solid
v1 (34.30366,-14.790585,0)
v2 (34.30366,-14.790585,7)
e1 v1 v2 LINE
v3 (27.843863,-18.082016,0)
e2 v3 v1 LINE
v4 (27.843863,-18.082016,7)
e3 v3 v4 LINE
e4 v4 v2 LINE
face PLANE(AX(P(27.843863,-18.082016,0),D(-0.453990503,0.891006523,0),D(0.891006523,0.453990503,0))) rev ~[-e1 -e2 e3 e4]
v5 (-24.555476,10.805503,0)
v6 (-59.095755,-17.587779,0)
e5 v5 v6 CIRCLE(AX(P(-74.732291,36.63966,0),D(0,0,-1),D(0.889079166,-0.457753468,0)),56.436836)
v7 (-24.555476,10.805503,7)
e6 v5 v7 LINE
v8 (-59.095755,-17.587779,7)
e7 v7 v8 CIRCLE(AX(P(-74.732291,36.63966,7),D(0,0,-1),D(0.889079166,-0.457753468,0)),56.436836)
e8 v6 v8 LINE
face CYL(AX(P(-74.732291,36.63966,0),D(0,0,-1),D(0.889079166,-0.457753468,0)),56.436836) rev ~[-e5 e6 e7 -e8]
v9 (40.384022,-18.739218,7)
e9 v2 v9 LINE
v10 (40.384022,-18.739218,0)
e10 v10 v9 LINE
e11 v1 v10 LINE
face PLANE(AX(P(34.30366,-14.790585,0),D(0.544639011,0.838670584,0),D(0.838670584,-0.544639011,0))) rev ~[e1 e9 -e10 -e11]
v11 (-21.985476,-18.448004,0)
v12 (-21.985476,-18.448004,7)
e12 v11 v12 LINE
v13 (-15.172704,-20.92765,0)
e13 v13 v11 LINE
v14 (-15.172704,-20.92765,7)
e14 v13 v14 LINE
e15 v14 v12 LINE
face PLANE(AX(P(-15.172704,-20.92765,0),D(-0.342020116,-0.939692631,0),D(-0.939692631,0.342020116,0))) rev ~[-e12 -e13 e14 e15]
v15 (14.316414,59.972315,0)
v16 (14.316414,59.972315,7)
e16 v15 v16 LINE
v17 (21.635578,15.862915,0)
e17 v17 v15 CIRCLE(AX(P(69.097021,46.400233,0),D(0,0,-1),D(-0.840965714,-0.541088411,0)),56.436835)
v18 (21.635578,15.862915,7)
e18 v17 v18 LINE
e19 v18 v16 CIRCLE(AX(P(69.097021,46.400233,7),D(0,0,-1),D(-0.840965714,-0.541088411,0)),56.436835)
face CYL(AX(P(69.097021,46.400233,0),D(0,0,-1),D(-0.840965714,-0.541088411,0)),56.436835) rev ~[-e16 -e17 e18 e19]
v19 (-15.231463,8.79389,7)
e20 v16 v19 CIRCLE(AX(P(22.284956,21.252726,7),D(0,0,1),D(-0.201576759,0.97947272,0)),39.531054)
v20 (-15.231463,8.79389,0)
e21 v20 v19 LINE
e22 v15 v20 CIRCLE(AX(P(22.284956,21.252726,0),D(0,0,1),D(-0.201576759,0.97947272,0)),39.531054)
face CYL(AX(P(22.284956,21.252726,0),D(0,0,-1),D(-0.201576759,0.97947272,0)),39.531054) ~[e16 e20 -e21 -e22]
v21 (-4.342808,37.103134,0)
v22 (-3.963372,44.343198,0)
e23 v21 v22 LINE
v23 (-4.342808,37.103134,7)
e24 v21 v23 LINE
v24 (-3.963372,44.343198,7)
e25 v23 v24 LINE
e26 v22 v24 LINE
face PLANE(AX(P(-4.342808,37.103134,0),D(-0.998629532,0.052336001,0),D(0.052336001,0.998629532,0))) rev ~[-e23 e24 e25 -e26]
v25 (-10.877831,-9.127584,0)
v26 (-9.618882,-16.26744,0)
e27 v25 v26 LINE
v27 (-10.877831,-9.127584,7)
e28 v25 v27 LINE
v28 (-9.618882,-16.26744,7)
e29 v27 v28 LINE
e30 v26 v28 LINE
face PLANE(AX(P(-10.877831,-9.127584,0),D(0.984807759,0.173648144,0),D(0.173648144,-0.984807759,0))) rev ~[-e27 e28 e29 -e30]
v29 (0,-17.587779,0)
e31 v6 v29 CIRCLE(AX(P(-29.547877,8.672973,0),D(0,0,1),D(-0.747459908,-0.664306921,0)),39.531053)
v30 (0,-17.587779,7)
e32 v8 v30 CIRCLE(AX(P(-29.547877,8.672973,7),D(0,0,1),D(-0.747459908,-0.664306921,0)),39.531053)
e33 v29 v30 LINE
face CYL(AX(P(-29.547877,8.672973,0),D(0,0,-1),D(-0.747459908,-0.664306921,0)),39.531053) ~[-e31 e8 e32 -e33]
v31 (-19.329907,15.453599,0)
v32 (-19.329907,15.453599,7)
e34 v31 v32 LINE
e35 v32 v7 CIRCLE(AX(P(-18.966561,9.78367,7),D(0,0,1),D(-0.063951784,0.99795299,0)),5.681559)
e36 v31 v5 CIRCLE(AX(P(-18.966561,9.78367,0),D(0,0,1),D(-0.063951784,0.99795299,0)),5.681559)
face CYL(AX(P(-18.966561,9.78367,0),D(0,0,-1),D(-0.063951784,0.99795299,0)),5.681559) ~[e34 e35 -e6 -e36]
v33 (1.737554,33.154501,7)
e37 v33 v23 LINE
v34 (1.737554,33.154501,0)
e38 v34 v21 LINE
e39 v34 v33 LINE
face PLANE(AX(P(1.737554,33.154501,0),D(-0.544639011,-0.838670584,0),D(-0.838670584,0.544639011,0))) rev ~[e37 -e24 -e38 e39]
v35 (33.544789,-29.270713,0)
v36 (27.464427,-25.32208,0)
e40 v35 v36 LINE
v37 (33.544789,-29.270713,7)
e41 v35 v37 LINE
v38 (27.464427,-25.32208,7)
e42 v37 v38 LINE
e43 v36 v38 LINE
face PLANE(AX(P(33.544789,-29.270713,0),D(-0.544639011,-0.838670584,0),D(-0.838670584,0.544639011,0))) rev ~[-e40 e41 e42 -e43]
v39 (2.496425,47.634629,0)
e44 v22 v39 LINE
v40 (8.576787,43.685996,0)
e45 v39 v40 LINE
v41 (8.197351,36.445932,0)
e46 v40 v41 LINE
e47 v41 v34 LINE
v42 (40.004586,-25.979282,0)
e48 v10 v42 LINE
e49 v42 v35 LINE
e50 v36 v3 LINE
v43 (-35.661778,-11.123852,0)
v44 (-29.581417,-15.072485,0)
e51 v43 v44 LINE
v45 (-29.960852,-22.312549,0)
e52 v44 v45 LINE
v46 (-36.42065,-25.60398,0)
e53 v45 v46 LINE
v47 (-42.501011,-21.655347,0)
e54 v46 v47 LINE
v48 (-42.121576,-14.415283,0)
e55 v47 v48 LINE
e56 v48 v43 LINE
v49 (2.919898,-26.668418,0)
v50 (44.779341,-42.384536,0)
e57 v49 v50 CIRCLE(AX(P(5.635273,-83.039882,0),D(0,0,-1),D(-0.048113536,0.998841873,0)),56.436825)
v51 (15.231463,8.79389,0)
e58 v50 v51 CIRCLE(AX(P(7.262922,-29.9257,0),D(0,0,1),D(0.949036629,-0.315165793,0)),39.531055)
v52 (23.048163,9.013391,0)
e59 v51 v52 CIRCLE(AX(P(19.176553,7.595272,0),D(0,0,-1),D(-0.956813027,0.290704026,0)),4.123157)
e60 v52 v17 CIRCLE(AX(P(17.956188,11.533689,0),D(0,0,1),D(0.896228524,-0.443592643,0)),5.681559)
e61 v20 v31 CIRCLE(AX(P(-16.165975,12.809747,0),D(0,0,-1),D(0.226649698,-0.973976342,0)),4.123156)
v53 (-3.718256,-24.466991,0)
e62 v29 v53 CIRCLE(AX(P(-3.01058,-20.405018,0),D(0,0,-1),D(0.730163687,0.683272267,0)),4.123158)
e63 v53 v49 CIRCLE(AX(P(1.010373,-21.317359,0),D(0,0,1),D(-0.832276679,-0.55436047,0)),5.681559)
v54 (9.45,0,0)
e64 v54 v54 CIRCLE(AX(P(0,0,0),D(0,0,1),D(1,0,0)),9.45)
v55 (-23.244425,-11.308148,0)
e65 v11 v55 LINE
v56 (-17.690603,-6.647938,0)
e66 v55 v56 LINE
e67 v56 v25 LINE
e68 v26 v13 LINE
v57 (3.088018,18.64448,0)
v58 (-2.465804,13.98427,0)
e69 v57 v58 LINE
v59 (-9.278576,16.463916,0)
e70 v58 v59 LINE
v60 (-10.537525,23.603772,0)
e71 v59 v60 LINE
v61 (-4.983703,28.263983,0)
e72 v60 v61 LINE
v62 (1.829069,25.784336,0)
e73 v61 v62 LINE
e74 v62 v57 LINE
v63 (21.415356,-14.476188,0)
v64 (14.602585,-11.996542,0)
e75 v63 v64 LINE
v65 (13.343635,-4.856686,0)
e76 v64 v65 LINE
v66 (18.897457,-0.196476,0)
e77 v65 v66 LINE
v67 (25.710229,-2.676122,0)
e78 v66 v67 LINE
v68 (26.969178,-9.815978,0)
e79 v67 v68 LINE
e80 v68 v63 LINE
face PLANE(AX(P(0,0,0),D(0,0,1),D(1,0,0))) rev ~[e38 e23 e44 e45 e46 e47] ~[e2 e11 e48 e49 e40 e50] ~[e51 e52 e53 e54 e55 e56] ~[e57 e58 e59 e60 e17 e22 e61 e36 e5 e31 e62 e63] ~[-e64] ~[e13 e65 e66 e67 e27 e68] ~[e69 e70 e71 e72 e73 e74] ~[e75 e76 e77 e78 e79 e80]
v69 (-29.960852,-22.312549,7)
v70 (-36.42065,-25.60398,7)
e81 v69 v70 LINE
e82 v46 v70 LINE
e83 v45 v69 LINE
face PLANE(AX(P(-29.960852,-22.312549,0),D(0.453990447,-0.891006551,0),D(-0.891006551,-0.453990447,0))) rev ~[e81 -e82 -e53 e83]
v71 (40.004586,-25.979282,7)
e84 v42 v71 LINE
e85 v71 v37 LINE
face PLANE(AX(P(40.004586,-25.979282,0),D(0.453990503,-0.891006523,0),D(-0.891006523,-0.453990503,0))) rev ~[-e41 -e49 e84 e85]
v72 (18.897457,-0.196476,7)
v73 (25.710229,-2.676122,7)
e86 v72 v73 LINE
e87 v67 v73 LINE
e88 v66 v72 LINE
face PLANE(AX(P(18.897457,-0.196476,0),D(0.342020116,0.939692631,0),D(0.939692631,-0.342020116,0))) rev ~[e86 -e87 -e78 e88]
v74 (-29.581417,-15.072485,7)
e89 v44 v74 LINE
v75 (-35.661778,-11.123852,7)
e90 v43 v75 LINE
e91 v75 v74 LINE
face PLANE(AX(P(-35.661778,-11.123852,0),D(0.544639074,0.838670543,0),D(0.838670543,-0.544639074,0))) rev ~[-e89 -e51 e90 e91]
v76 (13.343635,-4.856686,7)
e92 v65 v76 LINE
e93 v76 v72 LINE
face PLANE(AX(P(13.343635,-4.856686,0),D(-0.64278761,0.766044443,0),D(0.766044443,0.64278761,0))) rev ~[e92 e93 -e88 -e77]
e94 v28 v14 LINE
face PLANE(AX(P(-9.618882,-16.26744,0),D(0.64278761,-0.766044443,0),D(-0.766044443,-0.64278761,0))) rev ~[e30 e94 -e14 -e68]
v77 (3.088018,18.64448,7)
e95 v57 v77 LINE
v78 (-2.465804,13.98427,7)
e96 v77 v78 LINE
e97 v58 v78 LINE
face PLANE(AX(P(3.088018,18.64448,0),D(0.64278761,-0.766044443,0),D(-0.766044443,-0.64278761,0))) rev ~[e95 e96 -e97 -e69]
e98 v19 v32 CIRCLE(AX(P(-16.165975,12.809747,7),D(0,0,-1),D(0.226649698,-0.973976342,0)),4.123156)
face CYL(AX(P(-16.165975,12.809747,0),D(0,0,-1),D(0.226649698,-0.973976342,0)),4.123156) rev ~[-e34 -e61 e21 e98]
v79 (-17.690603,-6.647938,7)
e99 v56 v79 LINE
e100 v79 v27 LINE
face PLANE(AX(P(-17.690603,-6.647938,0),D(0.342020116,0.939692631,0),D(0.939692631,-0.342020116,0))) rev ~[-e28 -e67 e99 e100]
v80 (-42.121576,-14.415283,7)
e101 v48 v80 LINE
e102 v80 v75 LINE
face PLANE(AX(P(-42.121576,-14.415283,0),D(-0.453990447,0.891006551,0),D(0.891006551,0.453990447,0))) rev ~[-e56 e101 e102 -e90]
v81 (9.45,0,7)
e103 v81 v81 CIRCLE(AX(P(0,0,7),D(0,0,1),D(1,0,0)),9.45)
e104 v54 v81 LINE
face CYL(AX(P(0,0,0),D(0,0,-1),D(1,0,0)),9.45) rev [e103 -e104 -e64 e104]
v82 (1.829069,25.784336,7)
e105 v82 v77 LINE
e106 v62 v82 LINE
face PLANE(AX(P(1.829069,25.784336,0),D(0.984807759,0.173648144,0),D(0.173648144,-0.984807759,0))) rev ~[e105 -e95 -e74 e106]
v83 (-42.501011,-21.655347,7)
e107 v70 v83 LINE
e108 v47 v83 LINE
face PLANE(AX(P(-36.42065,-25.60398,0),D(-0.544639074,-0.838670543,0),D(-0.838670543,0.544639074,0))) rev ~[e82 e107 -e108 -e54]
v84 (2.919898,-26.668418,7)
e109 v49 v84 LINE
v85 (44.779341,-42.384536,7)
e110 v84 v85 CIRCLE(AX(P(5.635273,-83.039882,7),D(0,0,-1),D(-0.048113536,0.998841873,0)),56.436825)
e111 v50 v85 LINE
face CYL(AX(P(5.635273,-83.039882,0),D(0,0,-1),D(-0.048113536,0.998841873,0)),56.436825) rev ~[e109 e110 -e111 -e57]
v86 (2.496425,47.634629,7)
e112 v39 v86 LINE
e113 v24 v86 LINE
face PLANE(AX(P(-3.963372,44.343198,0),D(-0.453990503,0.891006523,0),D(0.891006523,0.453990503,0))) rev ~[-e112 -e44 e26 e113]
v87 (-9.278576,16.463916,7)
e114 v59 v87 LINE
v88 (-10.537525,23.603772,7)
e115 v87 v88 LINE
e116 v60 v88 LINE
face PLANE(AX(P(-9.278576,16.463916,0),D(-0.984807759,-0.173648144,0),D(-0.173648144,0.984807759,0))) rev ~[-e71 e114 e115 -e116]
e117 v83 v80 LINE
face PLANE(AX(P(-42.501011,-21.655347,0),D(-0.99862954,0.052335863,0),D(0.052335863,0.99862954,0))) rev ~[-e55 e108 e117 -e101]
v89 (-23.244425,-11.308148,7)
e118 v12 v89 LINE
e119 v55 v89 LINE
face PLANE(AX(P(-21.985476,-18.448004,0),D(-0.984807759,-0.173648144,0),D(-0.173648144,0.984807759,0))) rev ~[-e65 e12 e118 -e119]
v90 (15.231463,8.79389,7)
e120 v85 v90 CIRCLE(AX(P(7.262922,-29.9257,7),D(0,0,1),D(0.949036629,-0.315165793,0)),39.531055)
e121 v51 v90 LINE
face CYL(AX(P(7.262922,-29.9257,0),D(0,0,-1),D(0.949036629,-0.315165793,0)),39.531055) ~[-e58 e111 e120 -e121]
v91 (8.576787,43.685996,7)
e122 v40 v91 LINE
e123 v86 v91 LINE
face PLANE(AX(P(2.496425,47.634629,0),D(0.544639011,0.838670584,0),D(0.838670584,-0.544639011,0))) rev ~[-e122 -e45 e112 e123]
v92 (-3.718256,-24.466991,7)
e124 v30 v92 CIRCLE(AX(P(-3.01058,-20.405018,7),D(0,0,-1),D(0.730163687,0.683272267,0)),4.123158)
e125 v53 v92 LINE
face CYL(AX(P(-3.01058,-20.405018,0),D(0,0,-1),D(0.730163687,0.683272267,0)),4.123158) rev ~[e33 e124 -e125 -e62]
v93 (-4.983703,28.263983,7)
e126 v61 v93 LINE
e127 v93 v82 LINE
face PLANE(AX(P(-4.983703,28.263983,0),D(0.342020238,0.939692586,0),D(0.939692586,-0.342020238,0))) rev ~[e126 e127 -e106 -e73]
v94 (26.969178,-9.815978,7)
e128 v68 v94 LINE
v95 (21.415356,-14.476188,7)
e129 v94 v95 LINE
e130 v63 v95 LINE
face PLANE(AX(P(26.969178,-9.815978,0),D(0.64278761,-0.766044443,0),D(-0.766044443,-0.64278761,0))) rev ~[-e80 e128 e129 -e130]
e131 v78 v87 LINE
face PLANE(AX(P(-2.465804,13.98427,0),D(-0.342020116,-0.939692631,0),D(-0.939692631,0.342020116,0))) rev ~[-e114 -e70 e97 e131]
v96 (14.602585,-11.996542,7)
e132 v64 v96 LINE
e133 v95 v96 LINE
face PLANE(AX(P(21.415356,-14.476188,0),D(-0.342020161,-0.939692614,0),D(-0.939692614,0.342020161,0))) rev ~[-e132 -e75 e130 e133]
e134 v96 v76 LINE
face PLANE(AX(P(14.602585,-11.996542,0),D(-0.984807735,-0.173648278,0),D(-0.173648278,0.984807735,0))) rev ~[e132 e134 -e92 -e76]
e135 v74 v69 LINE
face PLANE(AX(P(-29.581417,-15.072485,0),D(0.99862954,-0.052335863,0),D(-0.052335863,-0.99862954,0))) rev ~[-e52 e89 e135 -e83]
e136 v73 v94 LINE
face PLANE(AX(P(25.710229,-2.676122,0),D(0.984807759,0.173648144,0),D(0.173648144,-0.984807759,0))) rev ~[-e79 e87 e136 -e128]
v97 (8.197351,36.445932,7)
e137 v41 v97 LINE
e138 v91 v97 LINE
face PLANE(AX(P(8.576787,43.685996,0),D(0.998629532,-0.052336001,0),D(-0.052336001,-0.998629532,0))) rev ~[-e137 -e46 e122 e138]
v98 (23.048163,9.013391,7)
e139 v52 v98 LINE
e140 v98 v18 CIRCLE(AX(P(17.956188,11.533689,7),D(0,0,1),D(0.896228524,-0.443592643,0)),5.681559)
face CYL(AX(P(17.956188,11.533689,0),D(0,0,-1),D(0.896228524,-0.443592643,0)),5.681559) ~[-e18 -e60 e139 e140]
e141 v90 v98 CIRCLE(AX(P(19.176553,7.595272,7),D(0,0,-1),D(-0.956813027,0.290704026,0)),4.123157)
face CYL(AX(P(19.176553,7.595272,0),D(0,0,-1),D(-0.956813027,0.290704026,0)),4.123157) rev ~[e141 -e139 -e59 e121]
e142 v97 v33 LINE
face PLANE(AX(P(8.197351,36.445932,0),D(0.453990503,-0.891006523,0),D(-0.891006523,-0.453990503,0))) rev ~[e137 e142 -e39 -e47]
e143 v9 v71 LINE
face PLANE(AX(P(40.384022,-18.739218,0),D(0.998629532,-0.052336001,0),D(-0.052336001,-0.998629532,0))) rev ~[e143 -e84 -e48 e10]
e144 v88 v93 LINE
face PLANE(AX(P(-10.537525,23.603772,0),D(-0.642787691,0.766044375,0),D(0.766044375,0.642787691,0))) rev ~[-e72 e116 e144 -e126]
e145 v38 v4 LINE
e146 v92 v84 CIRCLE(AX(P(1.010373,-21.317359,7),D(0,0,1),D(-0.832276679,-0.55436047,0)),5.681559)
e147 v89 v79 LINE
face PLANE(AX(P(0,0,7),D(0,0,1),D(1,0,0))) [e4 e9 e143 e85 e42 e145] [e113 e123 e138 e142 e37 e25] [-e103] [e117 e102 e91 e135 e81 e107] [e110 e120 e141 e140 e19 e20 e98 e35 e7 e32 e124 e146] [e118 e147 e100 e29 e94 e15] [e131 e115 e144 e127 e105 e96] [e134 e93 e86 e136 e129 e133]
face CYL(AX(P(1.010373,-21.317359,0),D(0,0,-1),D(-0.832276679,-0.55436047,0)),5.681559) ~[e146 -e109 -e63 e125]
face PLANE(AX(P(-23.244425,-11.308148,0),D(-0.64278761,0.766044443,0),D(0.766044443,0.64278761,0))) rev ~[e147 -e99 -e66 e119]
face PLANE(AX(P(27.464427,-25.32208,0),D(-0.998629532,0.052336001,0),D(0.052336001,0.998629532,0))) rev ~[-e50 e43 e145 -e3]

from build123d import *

# Parameters (mm, degrees)
F0_R     = 9.45
F1_DEPTH = 7


with BuildPart() as f1:
    # F0 (on Top) → F1 (new body)
    with BuildSketch(Plane.XY):
        with BuildLine():
            ThreePointArc((-24.555476, 10.805503), (-38.89385, -6.957617), (-59.095755, -17.587779))
            ThreePointArc((-59.095755, -17.587779), (-29.547878, -30.85808), (0, -17.587779))
            ThreePointArc((0, -17.587779), (0.616641, -22.365553), (-3.718256, -24.466991))
            ThreePointArc((-3.718256, -24.466991), (-0.778036, -26.710105), (2.919898, -26.668418))
            ThreePointArc((2.919898, -26.668418), (25.472398, -30.204253), (44.779341, -42.384536))
            ThreePointArc((44.779341, -42.384536), (41.49782, -10.160173), (15.231463, 8.79389))
            ThreePointArc((15.231463, 8.79389), (19.060817, 11.716804), (23.048163, 9.013391))
            ThreePointArc((23.048163, 9.013391), (23.520647, 12.681254), (21.635578, 15.862915))
            ThreePointArc((21.635578, 15.862915), (13.421452, 37.16187), (14.316414, 59.972315))
            ThreePointArc((14.316414, 59.972315), (-11.949942, 41.018252), (-15.231463, 8.79389))
            ThreePointArc((-15.231463, 8.79389), (-19.677458, 10.64875), (-19.329907, 15.453599))
            ThreePointArc((-19.329907, 15.453599), (-22.742611, 14.028851), (-24.555476, 10.805503))
        make_face()
        Polygon((-42.121576, -14.415283), (-35.661778, -11.123852), (-29.581417, -15.072485), (-29.960852, -22.312549), (-36.42065, -25.60398), (-42.501011, -21.655347), align=None, mode=Mode.SUBTRACT)
        Polygon((-17.690603, -6.647938), (-10.877831, -9.127584), (-9.618882, -16.26744), (-15.172704, -20.92765), (-21.985476, -18.448004), (-23.244425, -11.308148), align=None, mode=Mode.SUBTRACT)
        Polygon((33.544789, -29.270713), (27.464427, -25.32208), (27.843863, -18.082016), (34.30366, -14.790585), (40.384022, -18.739218), (40.004586, -25.979282), align=None, mode=Mode.SUBTRACT)
        Polygon((14.602585, -11.996542), (13.343635, -4.856686), (18.897457, -0.196476), (25.710229, -2.676122), (26.969178, -9.815978), (21.415356, -14.476188), align=None, mode=Mode.SUBTRACT)
        Circle(F0_R, mode=Mode.SUBTRACT)
        Polygon((-10.537525, 23.603772), (-4.983703, 28.263983), (1.829069, 25.784336), (3.088018, 18.64448), (-2.465804, 13.98427), (-9.278576, 16.463916), align=None, mode=Mode.SUBTRACT)
        Polygon((-3.963372, 44.343198), (2.496425, 47.634629), (8.576787, 43.685996), (8.197351, 36.445932), (1.737554, 33.154501), (-4.342808, 37.103134), align=None, mode=Mode.SUBTRACT)
    extrude(amount=F1_DEPTH)


solid = f1.part
